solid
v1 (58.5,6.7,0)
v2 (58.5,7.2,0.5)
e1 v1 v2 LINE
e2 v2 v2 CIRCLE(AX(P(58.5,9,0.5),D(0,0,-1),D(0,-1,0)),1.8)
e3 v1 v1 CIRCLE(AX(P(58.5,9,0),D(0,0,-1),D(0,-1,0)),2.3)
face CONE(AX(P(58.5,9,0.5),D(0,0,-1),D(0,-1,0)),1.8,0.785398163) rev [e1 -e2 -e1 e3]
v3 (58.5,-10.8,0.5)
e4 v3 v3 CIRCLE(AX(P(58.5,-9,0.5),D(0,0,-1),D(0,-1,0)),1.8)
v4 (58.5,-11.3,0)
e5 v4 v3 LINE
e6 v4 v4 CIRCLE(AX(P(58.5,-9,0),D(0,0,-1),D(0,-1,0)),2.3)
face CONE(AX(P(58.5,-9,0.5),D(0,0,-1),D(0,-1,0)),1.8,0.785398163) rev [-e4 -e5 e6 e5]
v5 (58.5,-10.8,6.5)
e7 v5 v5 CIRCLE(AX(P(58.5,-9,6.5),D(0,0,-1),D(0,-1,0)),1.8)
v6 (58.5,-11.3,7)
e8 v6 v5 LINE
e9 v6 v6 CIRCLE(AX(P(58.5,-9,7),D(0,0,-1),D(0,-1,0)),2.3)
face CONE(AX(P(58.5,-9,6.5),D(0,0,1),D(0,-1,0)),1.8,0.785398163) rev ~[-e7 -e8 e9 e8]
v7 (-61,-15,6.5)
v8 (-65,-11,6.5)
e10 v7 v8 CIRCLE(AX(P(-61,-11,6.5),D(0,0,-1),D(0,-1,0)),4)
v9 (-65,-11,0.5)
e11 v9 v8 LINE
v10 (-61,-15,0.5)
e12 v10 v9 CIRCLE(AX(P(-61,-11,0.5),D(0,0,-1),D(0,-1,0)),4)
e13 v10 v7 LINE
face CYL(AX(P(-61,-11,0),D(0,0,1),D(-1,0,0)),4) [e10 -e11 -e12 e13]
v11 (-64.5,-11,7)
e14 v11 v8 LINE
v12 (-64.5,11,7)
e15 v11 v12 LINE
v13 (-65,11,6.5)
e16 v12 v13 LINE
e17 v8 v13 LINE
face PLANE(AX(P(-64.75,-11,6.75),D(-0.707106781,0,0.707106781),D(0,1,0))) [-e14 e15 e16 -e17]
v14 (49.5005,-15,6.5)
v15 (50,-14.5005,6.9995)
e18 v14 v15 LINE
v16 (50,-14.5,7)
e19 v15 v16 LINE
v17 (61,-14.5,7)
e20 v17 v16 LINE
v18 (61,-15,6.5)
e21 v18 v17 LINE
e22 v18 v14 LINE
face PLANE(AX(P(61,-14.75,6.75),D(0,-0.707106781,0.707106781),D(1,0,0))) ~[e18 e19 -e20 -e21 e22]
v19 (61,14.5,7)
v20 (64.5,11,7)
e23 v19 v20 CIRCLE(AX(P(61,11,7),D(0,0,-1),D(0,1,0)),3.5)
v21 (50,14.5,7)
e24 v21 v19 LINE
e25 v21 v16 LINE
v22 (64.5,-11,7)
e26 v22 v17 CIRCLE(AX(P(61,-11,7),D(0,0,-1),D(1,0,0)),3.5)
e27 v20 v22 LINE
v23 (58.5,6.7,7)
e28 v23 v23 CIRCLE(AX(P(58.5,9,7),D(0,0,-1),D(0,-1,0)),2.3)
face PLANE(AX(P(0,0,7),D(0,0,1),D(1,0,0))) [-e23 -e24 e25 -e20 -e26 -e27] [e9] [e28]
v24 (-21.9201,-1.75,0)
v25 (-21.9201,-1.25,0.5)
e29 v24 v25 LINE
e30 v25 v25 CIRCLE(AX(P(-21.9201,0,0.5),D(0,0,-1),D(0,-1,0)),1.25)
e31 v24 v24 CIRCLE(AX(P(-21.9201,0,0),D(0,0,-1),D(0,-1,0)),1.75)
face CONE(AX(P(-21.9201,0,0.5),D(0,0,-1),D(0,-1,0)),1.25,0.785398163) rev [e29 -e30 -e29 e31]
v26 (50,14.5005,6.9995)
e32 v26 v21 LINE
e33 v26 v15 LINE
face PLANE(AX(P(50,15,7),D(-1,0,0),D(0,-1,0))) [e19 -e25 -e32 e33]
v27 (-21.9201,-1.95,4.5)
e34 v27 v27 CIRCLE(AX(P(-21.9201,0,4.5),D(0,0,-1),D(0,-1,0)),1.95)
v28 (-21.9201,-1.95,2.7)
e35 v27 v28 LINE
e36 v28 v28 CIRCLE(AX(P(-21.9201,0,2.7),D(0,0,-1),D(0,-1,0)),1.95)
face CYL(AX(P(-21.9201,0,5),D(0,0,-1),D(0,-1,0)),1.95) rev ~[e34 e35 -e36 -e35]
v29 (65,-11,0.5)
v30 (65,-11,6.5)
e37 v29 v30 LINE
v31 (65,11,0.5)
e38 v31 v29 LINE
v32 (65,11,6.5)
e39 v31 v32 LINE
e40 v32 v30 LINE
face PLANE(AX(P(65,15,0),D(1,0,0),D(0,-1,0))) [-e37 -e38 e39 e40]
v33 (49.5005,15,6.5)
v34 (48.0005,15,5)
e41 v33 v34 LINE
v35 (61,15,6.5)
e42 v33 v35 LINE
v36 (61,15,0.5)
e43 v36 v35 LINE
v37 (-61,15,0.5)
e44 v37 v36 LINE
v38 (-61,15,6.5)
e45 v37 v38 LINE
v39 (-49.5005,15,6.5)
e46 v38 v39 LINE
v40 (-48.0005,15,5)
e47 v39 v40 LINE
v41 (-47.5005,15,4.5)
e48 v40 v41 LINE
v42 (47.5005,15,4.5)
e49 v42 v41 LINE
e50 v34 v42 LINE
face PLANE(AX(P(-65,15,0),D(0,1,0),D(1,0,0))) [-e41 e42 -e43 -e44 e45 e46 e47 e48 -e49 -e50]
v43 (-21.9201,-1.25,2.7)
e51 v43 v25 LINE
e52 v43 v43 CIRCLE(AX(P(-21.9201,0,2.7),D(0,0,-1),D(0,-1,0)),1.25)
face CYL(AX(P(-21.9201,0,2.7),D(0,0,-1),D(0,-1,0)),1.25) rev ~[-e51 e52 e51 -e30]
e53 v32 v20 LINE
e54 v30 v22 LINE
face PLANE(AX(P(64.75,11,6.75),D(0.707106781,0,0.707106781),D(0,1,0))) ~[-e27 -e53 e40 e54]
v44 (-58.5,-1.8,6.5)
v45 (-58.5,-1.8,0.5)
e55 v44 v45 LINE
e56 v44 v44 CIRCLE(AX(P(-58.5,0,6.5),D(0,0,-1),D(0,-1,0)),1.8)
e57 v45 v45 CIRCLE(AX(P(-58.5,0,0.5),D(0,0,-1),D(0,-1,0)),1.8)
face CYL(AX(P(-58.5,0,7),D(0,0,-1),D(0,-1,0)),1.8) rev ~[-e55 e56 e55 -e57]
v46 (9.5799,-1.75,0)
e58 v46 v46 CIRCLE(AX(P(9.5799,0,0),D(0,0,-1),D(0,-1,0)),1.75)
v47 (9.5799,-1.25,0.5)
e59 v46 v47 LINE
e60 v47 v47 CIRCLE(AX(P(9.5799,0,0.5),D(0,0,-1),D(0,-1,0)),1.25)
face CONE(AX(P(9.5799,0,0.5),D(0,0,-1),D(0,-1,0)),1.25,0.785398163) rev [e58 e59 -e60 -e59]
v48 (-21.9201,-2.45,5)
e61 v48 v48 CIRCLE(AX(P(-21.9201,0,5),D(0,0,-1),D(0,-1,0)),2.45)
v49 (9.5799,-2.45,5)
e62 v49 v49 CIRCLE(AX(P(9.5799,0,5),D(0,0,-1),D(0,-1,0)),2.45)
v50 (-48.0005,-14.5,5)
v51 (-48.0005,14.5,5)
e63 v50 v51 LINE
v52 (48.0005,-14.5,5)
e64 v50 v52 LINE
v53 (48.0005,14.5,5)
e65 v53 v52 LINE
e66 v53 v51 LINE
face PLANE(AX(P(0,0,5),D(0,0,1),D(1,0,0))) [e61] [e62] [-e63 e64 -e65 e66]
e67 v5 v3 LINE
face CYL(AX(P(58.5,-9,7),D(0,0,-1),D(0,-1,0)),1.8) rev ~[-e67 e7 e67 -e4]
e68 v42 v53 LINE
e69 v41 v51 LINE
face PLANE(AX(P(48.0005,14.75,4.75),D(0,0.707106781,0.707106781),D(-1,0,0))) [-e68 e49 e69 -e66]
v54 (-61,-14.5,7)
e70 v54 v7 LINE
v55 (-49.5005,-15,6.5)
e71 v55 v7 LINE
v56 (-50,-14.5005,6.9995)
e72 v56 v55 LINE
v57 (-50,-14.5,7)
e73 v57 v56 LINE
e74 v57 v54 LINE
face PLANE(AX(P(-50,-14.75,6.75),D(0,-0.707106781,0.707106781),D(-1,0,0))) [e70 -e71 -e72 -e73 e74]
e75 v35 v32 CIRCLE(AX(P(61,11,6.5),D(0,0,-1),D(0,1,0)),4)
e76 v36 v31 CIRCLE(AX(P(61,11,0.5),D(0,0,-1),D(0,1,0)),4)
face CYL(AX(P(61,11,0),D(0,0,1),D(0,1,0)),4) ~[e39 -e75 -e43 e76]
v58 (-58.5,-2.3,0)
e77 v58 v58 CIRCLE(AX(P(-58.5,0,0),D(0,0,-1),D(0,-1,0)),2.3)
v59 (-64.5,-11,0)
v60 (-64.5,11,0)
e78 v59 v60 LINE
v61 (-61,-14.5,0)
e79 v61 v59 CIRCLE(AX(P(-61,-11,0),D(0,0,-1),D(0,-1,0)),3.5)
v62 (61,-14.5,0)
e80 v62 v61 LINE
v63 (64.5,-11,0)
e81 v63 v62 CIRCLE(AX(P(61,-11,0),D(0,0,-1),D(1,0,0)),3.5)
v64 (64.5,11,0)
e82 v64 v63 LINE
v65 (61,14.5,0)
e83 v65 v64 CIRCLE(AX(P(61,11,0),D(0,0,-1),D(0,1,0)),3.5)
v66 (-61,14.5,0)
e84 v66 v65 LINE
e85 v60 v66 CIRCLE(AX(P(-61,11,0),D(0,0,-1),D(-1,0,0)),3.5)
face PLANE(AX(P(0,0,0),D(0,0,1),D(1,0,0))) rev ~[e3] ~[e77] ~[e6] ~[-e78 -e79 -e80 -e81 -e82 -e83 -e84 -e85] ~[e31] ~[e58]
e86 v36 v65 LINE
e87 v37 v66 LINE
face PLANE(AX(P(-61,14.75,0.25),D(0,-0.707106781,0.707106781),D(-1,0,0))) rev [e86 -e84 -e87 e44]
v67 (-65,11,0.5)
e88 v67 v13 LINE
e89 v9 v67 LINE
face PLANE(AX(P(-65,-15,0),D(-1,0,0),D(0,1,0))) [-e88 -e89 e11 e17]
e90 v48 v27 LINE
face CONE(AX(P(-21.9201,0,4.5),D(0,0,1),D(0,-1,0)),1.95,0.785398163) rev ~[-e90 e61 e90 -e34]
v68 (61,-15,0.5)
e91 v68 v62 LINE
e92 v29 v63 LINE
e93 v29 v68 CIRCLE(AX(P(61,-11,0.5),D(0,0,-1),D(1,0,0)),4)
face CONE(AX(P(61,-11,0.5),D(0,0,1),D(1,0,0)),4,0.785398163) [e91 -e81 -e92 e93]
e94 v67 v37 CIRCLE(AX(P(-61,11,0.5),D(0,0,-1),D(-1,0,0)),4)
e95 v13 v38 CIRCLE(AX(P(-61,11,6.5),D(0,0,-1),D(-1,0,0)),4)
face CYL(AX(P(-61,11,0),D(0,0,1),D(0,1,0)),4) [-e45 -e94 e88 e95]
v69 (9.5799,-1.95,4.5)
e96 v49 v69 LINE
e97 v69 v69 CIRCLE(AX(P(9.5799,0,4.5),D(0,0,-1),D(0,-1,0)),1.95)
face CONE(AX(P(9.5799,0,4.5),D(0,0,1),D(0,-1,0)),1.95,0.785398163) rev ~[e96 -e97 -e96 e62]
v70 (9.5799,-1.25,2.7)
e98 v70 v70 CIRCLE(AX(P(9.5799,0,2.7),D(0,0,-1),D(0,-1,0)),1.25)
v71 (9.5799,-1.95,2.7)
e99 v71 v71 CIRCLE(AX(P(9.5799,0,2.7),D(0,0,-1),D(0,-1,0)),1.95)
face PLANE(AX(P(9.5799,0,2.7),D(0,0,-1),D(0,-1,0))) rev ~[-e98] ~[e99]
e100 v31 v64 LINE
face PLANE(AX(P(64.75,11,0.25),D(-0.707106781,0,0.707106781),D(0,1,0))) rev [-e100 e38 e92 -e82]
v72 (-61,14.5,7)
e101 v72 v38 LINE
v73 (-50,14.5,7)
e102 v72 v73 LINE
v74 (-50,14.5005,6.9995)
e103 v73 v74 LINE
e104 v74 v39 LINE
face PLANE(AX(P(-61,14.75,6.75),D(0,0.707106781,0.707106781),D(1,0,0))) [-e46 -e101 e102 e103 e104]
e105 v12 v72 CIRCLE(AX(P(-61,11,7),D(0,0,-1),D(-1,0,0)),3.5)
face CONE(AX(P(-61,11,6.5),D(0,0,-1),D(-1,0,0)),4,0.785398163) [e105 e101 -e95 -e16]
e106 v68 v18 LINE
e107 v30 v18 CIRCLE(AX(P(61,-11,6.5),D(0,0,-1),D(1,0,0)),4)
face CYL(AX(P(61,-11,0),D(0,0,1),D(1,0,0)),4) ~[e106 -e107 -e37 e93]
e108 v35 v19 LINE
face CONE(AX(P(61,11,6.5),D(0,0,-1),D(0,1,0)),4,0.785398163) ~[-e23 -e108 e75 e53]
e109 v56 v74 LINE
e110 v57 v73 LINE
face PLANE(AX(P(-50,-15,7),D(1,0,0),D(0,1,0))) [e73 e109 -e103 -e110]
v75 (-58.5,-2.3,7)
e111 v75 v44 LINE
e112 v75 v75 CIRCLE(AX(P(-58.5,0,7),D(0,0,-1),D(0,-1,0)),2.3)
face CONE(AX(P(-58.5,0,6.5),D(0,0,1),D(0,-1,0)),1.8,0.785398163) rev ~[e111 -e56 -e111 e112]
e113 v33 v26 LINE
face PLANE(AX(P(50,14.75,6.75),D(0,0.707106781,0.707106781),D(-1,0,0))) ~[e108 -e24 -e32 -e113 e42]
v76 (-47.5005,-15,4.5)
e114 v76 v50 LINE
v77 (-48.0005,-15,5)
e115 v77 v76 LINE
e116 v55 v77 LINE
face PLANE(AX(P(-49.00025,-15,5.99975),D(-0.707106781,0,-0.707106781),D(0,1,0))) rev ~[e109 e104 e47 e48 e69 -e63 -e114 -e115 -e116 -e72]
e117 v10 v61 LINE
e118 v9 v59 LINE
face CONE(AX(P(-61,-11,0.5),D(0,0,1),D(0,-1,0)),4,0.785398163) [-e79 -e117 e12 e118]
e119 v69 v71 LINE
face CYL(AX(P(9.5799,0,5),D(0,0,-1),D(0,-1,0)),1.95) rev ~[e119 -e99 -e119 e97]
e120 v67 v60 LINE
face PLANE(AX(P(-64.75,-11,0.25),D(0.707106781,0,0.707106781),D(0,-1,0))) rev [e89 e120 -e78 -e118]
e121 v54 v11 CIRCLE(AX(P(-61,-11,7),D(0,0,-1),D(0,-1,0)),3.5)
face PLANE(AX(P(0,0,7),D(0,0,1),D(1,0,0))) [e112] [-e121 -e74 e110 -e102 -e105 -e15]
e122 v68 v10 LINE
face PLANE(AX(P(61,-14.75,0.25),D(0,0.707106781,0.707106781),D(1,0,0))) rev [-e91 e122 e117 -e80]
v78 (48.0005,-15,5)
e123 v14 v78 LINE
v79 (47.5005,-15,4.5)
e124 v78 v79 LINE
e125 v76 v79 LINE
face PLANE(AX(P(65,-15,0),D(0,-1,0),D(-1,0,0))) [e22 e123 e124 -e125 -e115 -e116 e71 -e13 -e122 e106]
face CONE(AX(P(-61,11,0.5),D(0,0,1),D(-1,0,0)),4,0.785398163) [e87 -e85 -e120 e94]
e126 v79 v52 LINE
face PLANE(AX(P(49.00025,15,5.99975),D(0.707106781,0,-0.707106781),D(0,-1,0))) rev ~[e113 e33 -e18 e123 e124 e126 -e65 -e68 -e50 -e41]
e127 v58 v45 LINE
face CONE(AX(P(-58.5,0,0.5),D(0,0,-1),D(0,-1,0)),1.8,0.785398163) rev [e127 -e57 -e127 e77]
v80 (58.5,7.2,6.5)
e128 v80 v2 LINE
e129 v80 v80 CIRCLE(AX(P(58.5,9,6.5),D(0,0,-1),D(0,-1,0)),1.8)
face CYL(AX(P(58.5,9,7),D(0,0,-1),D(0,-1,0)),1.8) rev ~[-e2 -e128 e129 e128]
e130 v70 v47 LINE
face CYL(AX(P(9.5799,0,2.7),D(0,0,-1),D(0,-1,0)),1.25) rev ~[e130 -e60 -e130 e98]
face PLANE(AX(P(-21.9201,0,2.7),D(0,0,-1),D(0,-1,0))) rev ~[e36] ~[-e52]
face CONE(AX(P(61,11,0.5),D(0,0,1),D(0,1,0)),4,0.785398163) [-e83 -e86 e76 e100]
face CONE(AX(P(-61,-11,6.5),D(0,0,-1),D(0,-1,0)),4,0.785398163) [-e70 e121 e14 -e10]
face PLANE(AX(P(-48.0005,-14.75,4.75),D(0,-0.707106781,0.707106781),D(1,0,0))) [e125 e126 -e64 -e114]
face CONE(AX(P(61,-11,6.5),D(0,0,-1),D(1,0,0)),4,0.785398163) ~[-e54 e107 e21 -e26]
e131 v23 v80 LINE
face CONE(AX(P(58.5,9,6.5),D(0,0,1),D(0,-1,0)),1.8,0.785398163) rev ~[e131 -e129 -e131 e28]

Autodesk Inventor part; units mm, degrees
ref_plane "YZ Plane" through (0, 0, 0) normal (1, 0, 0) x (0, 1, 0)
ref_plane "XZ Plane" through (0, 0, 0) normal (0, 1, 0) x (-1, 0, 0)
ref_plane "XY Plane" through (0, 0, 0) normal (0, 0, 1) x (1, 0, 0)
sketch "Sketch1" plane through (0, 0, 0) normal (0, 0, 1) x (1, 0, 0)
  line L0 (-65, 15) -> (65, 15)
  line L1 (65, 15) -> (65, -15)
  line L2 (65, -15) -> (-65, -15)
  line L3 (-65, -15) -> (-65, 15)
  point P0 (0, 0)
  point P1 (0, 15)
  point P2 (65, 0)
  dimension "d0" = 130
  dimension "d1" = 30
extrude "Extrusion1" add sketch "Sketch1" along normal blind 7
sketch "Sketch2" plane through (0, 0, 7) normal (0, 0, 1) x (1, 0, 0)
  line L0 (58.5, 9) -> (58.5, -9) construction
  line L1 (-58.5, 0) -> (58.5, 0) construction
  point P0 (0, 0)
  point P1 (0, 0)
  dimension "d4" = 117
  dimension "d5" = 18
hole "Hole1" at (-58.5, 0, 7) at (58.5, 9, 7) at (58.5, -9, 7) direction (0, 0, -1) diameter 3.6 end through all
sketch "Sketch3" plane through (0, 0, 7) normal (0, 0, 1) x (1, 0, 0)
  line L0 (65, 15) -> (-65, 15) projected
  line L1 (-65, -15) -> (65, -15) projected
  line L2 (-50, 15) -> (50, 15)
  line L3 (50, 15) -> (50, -15)
  line L4 (50, -15) -> (-50, -15)
  line L5 (-50, -15) -> (-50, 15)
  point P0 (0, 0)
  point P1 (0, -15)
  dimension "d13" = 100
extrude "Extrusion2" cut sketch "Sketch3" against normal blind 2
sketch "Sketch4" plane through (0, 0, 5) normal (0, 0, 1) x (1, 0, 0)
  line L0 (-21.9201, 0) -> (9.5799, 0) construction
  point P0 (0, 0)
  dimension "d16" = 31.5
hole "Hole2" at (-21.9201, 0, 5) at (9.5799, 0, 5) direction (0, 0, -1) diameter 2.5 end through all counterbore diameter 3.9 counterbore depth 2.3
fillet "Fillet1" radius 4 4 edges at (-65, -15, 3.5) (-65, 15, 3.5) (65, 15, 3.5) (65, -15, 3.5)
chamfer "Chamfer1" distance 2 angle 45 2 edges at (-50, 0, 5) (50, 0, 5)
chamfer "Chamfer2" distance 0.5 angle 45 10 edges at (-21.9201, 1.95, 5) (9.5799, 1.95, 5) (58.5, -7.2, 7) (58.5, 10.8, 7) (-58.5, 1.8, 7) (58.5, -7.2, 0) (-58.5, 1.8, 0) (58.5, 10.8, 0) (-21.9201, 1.25, 0) (9.5799, 1.25, 0)
chamfer "Chamfer3" distance 0.5 angle 45 20 edges at (0, 15, 5) (-55.5, 15, 7) (-63.8284, 13.8284, 7) (-65, 0, 7) (-63.8284, -13.8284, 7) (-55.5, -15, 7) (0, -15, 5) (55.5, 15, 7) (63.8284, 13.8284, 7) (65, 0, 7) (63.8284, -13.8284, 7) (55.5, -15, 7) (0, 15, 0) (-63.8284, 13.8284, 0) (-65, 0, 0) (-63.8284, -13.8284, 0) (0, -15, 0) (63.8284, -13.8284, 0) (65, 0, 0) (63.8284, 13.8284, 0)
properties part number "LRS-150-din-bracket" material "ABS Plastic"
